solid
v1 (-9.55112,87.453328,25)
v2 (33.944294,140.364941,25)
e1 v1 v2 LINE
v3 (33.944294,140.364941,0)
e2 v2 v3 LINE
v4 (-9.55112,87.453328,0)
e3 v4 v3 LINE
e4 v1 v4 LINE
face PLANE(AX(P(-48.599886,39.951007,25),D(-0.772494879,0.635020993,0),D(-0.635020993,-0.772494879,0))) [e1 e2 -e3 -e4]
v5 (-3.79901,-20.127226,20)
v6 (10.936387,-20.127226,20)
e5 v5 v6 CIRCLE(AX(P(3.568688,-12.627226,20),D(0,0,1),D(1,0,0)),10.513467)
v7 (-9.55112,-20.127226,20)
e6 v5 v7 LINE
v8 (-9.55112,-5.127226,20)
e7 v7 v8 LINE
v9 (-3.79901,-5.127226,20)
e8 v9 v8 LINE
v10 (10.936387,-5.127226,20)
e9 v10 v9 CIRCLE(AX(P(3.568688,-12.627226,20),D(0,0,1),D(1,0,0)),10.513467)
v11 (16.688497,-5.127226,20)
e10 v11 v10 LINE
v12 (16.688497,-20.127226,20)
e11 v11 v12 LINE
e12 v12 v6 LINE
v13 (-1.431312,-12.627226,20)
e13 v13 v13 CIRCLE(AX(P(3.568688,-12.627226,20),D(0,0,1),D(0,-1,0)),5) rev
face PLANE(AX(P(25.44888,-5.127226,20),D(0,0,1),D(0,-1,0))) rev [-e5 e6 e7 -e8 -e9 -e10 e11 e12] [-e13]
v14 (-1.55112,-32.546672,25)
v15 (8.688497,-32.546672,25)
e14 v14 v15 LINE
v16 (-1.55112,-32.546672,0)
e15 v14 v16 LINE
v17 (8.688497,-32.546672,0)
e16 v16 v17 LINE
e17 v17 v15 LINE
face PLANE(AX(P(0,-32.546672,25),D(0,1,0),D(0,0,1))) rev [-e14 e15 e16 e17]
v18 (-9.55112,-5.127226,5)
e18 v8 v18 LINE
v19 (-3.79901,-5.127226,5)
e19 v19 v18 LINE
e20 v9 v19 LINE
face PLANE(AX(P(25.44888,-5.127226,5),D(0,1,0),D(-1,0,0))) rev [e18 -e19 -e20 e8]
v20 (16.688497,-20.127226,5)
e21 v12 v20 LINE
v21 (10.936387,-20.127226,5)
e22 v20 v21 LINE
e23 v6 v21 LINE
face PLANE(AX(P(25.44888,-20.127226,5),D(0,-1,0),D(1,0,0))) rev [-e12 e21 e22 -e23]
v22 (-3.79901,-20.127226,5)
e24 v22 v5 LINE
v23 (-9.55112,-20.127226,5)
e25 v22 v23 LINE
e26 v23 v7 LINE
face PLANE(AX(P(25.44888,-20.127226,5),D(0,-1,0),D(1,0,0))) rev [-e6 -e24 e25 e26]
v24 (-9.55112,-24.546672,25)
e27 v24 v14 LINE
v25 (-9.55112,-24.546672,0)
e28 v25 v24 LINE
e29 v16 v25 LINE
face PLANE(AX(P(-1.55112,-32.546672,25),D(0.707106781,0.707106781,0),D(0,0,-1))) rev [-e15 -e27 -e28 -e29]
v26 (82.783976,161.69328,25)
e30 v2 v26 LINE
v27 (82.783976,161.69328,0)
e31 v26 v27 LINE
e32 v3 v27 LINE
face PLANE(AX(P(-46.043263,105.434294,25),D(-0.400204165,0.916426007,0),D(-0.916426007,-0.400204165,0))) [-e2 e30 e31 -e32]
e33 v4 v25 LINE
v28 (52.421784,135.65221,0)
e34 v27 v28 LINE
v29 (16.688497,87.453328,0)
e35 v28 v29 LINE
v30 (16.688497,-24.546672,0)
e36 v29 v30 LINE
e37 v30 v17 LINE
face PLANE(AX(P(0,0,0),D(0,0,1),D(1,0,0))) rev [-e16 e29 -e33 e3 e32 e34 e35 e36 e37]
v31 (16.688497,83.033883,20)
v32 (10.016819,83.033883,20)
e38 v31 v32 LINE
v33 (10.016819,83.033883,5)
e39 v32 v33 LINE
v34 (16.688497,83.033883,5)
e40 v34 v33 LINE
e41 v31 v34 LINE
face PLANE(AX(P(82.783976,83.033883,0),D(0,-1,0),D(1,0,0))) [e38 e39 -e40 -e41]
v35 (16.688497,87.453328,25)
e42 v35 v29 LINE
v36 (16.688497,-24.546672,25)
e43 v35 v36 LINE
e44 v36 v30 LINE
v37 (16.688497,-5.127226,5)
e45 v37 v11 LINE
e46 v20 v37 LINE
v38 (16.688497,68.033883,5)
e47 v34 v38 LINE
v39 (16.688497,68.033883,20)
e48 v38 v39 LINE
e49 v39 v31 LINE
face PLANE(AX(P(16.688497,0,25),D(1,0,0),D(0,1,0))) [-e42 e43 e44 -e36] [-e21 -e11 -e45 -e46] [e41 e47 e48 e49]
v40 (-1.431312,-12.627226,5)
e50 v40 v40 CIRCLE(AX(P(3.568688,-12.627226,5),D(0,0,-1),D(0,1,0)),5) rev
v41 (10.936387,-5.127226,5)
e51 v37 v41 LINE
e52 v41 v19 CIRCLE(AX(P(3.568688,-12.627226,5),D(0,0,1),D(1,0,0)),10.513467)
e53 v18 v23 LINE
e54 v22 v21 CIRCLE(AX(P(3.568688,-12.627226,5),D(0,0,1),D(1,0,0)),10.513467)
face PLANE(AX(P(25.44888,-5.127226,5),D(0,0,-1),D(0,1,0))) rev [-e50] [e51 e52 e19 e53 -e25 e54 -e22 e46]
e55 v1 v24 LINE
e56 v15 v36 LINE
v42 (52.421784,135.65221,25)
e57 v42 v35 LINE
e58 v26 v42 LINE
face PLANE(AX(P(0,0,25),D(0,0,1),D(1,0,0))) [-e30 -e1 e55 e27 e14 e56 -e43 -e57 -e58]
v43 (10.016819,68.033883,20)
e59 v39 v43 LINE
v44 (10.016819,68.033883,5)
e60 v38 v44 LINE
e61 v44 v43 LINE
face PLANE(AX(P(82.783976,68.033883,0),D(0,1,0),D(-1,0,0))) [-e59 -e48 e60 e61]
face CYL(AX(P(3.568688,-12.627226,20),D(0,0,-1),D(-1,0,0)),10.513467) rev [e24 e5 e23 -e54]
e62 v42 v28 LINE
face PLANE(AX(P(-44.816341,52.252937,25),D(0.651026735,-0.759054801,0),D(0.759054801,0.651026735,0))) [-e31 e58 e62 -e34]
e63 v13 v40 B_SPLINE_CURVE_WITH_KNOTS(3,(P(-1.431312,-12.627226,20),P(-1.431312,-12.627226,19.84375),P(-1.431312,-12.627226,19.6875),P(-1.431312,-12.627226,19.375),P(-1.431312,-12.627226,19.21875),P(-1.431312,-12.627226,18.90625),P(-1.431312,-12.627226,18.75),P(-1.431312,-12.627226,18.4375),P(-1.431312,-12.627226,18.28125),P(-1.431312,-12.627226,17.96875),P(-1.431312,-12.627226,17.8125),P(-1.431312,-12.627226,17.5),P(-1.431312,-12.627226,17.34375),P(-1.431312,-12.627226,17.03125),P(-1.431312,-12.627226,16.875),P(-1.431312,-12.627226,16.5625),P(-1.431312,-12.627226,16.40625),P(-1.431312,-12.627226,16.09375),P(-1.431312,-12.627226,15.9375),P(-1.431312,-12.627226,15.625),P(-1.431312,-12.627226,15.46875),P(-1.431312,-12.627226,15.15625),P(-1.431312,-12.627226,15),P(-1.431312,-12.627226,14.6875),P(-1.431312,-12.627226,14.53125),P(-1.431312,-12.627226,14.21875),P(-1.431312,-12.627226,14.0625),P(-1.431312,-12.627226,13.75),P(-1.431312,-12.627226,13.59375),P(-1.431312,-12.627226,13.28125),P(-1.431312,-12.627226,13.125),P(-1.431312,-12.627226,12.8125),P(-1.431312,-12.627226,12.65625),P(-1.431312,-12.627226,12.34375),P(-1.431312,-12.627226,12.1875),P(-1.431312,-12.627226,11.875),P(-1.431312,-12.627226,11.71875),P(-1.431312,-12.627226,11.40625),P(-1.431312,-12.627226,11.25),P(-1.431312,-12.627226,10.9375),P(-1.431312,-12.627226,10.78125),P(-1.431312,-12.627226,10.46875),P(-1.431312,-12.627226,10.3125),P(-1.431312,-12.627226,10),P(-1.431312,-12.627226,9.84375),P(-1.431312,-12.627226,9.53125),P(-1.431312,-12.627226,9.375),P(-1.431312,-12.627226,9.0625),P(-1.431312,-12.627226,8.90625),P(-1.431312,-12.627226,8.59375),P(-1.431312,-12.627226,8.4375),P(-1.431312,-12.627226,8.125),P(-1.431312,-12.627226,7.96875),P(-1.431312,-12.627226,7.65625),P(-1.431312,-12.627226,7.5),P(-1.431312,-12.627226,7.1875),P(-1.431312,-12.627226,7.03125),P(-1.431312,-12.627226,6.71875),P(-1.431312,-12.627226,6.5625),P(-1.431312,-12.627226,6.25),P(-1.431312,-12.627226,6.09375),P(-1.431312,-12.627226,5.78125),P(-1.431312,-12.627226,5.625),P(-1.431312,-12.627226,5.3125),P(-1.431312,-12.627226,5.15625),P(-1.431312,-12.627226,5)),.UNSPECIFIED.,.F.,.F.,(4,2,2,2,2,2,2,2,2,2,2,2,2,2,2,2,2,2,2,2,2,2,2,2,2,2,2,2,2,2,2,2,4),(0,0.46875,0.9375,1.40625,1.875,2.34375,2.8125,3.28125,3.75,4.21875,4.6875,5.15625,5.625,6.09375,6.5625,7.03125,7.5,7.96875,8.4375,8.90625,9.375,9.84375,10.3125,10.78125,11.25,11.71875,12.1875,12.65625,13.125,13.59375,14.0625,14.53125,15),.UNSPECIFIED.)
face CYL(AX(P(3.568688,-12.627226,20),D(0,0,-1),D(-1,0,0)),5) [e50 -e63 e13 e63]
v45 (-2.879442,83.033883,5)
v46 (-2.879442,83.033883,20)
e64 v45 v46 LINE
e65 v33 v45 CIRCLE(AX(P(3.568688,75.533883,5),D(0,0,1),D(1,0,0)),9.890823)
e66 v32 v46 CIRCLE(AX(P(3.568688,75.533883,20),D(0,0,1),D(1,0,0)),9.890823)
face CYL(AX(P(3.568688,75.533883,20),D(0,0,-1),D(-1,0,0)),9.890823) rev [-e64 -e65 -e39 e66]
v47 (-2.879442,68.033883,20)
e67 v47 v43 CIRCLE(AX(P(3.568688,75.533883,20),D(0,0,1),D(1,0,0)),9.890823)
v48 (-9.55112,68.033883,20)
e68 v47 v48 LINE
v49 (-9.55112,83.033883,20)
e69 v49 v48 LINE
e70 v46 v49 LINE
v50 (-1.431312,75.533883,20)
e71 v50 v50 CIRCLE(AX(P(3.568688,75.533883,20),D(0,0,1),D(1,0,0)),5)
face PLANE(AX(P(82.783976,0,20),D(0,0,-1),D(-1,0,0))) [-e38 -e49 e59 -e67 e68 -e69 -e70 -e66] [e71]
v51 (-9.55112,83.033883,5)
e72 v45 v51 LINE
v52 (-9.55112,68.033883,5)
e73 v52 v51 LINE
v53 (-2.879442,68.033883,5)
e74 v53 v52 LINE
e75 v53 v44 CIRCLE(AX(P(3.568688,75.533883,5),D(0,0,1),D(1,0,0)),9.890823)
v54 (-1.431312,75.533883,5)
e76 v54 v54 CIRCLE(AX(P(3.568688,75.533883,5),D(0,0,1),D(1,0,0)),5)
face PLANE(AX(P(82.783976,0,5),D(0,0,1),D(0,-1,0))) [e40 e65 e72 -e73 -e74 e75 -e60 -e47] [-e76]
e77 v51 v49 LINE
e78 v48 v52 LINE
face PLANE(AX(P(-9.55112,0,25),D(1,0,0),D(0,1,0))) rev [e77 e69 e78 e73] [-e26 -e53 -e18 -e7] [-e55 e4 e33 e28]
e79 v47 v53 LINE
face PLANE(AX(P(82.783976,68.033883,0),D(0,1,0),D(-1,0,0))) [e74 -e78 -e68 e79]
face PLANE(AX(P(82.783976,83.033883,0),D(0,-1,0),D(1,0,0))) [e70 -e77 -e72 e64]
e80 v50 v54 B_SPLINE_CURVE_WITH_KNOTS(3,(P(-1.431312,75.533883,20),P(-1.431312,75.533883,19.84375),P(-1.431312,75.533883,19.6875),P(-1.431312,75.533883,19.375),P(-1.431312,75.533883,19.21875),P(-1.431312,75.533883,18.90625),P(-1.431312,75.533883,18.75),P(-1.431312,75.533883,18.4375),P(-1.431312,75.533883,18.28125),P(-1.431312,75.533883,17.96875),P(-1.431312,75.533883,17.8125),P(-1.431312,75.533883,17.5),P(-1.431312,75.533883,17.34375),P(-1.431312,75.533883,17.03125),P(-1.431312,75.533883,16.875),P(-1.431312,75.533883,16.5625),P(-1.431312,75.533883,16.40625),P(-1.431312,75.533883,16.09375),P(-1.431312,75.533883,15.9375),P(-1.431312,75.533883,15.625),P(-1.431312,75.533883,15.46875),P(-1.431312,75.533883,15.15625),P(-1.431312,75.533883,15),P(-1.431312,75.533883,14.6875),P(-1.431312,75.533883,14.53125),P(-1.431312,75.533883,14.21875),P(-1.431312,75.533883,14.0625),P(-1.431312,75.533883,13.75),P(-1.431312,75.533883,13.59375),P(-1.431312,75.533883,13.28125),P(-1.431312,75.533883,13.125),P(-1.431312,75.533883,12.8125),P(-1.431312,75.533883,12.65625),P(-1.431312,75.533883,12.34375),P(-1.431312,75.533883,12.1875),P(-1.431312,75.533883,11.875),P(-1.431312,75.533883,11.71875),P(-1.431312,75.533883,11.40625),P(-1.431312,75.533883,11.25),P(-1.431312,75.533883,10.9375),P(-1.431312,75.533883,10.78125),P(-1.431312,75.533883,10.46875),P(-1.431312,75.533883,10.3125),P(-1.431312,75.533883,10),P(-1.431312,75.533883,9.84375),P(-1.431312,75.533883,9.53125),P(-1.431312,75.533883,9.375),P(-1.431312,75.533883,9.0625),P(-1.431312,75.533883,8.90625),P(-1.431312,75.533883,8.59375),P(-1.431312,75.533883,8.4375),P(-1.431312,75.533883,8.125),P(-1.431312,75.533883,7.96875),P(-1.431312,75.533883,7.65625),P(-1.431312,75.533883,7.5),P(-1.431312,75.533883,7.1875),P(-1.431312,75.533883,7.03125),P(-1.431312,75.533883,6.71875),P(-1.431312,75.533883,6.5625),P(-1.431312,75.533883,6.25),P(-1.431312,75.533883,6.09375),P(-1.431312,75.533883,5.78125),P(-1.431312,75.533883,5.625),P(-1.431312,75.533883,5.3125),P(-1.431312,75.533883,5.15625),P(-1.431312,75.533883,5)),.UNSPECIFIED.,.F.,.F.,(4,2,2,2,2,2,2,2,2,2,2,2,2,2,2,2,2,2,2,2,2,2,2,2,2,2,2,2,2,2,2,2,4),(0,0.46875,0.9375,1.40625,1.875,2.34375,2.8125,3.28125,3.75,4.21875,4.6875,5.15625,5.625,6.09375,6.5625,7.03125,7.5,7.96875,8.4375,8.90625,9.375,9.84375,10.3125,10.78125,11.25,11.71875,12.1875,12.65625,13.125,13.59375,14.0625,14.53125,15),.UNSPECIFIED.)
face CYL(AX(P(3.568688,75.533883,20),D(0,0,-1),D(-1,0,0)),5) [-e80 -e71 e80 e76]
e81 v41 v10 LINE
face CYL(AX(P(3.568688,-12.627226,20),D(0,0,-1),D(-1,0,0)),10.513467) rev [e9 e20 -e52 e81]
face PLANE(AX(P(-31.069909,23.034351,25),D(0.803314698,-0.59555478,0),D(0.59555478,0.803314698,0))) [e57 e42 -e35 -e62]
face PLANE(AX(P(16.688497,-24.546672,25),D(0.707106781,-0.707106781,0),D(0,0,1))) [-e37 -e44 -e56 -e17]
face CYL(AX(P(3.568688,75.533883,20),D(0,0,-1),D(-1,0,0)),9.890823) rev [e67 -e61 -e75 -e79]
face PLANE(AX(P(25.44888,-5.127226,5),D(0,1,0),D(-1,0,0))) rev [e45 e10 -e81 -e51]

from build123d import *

# Parameters (mm, degrees)
SKETCH_1_W          = 26.239617318
SKETCH_1_H          = 120
EXTRUDE_1_DEPTH     = 25
CHAMFER_1_SIZE      = 8
SKETCH_3_W          = 15
SKETCH_3_H          = 15
CUT_EXTRUDE_4_DEPTH = 35
SKETCH_4_R          = 5
EXTRUDE_2_DEPTH     = 15
SKETCH_5_R          = 10.513466809
SKETCH_5_R_2        = 5
CUT_EXTRUDE_5_DEPTH = 15
SKETCH_6_W          = 15
SKETCH_6_H          = 15
CUT_EXTRUDE_6_DEPTH = 188.870930903
SKETCH_7_R          = 5
EXTRUDE_3_DEPTH     = 15
SKETCH_8_R          = 5
CUT_EXTRUDE_9_DEPTH = 15


with BuildPart() as part:
    # 草图1 → 凸台-拉伸1 (new body)
    with BuildSketch(Plane.XY):
        with Locations((3.568688241, 27.453328425)):
            Rectangle(SKETCH_1_W, SKETCH_1_H)
        Polygon((52.421783721, 135.65221029), (16.6884969, 87.453328425), (-9.551120418, 87.453328425), (33.944293966, 140.364941184), (82.783975756, 161.693279677), align=None)
    extrude(amount=EXTRUDE_1_DEPTH)

    # 倒角1
    chamfer_1_edges = [part.edges().sort_by_distance(p)[0] for p in [
        (16.6884969, -32.546671575, 12.5),
        (-9.551120418, -32.546671575, 12.5),
    ]]
    chamfer(chamfer_1_edges, length=CHAMFER_1_SIZE)

    # 草图3 → 切除-拉伸4 (cut)
    with BuildSketch(Plane.ZY.offset(9.551120418)):
        with Locations((12.5, -12.627226007)):
            Rectangle(SKETCH_3_W, SKETCH_3_H)
    extrude(amount=-CUT_EXTRUDE_4_DEPTH, mode=Mode.SUBTRACT)

    # 草图4 → 凸台-拉伸2 (add)
    with BuildSketch(Plane.XY.offset(5)):
        with Locations(Location((3.568688241, -12.627226007, 0), (0, 0, 180))):
            Circle(SKETCH_4_R)
    extrude(amount=EXTRUDE_2_DEPTH)

    # 草图5 → 切除-拉伸5 (cut)
    with BuildSketch(Plane.XY.offset(5)):
        with Locations((3.568688241, -12.627226007)):
            Circle(SKETCH_5_R)
        with Locations(Location((3.568688241, -12.627226007, 0), (0, 0, 180))):
            Circle(SKETCH_5_R_2, mode=Mode.SUBTRACT)
    extrude(amount=CUT_EXTRUDE_5_DEPTH, mode=Mode.SUBTRACT)

    # 草图6 → 切除-拉伸6 (cut, through all)
    with BuildSketch(Plane.ZY.offset(9.551120418)):
        with Locations((12.5, 75.533882858)):
            Rectangle(SKETCH_6_W, SKETCH_6_H)
    extrude(amount=-CUT_EXTRUDE_6_DEPTH, mode=Mode.SUBTRACT)

    # 草图7 → 凸台-拉伸3 (add)
    with BuildSketch(Plane.XY.offset(5)):
        with Locations(Location((3.568688241, 75.533882858, 0), (0, 0, 180))):
            Circle(SKETCH_7_R)
    extrude(amount=EXTRUDE_3_DEPTH)

    # 草图8 → 切除-拉伸9 (cut)
    # profile 1 of 3: a face of its own
    with BuildSketch(Plane.XY.offset(5)):
        with BuildLine():
            ThreePointArc((13.459511585, 75.533882858), (12.557728949, 79.660083722), (10.016818701, 83.033882858))
            Line((10.016818701, 83.033882858), (-2.879442218, 83.033882858))
            ThreePointArc((-2.879442218, 83.033882858), (-6.322135103, 75.533882858), (-2.879442218, 68.033882858))
            Line((-2.879442218, 68.033882858), (10.016818701, 68.033882858))
            ThreePointArc((10.016818701, 68.033882858), (12.557728949, 71.407681993), (13.459511585, 75.533882858))
        make_face()
        with Locations(Location((3.568688241, 75.533882858, 0), (0, 0, 180))):
            Circle(SKETCH_8_R, mode=Mode.SUBTRACT)
    # profile 2 of 3: a face of its own
    with BuildSketch(Plane.XY.offset(5)):
        with BuildLine():
            Line((-2.879442218, 83.033882858), (10.016818701, 83.033882858))
            ThreePointArc((10.016818701, 83.033882858), (3.568688241, 85.424706202), (-2.879442218, 83.033882858))
        make_face()
    # profile 3 of 3: a face of its own
    with BuildSketch(Plane.XY.offset(5)):
        with BuildLine():
            ThreePointArc((-2.879442218, 68.033882858), (3.568688241, 65.643059514), (10.016818701, 68.033882858))
            Line((10.016818701, 68.033882858), (-2.879442218, 68.033882858))
        make_face()
    extrude(amount=CUT_EXTRUDE_9_DEPTH, mode=Mode.SUBTRACT)


solid = part.part
